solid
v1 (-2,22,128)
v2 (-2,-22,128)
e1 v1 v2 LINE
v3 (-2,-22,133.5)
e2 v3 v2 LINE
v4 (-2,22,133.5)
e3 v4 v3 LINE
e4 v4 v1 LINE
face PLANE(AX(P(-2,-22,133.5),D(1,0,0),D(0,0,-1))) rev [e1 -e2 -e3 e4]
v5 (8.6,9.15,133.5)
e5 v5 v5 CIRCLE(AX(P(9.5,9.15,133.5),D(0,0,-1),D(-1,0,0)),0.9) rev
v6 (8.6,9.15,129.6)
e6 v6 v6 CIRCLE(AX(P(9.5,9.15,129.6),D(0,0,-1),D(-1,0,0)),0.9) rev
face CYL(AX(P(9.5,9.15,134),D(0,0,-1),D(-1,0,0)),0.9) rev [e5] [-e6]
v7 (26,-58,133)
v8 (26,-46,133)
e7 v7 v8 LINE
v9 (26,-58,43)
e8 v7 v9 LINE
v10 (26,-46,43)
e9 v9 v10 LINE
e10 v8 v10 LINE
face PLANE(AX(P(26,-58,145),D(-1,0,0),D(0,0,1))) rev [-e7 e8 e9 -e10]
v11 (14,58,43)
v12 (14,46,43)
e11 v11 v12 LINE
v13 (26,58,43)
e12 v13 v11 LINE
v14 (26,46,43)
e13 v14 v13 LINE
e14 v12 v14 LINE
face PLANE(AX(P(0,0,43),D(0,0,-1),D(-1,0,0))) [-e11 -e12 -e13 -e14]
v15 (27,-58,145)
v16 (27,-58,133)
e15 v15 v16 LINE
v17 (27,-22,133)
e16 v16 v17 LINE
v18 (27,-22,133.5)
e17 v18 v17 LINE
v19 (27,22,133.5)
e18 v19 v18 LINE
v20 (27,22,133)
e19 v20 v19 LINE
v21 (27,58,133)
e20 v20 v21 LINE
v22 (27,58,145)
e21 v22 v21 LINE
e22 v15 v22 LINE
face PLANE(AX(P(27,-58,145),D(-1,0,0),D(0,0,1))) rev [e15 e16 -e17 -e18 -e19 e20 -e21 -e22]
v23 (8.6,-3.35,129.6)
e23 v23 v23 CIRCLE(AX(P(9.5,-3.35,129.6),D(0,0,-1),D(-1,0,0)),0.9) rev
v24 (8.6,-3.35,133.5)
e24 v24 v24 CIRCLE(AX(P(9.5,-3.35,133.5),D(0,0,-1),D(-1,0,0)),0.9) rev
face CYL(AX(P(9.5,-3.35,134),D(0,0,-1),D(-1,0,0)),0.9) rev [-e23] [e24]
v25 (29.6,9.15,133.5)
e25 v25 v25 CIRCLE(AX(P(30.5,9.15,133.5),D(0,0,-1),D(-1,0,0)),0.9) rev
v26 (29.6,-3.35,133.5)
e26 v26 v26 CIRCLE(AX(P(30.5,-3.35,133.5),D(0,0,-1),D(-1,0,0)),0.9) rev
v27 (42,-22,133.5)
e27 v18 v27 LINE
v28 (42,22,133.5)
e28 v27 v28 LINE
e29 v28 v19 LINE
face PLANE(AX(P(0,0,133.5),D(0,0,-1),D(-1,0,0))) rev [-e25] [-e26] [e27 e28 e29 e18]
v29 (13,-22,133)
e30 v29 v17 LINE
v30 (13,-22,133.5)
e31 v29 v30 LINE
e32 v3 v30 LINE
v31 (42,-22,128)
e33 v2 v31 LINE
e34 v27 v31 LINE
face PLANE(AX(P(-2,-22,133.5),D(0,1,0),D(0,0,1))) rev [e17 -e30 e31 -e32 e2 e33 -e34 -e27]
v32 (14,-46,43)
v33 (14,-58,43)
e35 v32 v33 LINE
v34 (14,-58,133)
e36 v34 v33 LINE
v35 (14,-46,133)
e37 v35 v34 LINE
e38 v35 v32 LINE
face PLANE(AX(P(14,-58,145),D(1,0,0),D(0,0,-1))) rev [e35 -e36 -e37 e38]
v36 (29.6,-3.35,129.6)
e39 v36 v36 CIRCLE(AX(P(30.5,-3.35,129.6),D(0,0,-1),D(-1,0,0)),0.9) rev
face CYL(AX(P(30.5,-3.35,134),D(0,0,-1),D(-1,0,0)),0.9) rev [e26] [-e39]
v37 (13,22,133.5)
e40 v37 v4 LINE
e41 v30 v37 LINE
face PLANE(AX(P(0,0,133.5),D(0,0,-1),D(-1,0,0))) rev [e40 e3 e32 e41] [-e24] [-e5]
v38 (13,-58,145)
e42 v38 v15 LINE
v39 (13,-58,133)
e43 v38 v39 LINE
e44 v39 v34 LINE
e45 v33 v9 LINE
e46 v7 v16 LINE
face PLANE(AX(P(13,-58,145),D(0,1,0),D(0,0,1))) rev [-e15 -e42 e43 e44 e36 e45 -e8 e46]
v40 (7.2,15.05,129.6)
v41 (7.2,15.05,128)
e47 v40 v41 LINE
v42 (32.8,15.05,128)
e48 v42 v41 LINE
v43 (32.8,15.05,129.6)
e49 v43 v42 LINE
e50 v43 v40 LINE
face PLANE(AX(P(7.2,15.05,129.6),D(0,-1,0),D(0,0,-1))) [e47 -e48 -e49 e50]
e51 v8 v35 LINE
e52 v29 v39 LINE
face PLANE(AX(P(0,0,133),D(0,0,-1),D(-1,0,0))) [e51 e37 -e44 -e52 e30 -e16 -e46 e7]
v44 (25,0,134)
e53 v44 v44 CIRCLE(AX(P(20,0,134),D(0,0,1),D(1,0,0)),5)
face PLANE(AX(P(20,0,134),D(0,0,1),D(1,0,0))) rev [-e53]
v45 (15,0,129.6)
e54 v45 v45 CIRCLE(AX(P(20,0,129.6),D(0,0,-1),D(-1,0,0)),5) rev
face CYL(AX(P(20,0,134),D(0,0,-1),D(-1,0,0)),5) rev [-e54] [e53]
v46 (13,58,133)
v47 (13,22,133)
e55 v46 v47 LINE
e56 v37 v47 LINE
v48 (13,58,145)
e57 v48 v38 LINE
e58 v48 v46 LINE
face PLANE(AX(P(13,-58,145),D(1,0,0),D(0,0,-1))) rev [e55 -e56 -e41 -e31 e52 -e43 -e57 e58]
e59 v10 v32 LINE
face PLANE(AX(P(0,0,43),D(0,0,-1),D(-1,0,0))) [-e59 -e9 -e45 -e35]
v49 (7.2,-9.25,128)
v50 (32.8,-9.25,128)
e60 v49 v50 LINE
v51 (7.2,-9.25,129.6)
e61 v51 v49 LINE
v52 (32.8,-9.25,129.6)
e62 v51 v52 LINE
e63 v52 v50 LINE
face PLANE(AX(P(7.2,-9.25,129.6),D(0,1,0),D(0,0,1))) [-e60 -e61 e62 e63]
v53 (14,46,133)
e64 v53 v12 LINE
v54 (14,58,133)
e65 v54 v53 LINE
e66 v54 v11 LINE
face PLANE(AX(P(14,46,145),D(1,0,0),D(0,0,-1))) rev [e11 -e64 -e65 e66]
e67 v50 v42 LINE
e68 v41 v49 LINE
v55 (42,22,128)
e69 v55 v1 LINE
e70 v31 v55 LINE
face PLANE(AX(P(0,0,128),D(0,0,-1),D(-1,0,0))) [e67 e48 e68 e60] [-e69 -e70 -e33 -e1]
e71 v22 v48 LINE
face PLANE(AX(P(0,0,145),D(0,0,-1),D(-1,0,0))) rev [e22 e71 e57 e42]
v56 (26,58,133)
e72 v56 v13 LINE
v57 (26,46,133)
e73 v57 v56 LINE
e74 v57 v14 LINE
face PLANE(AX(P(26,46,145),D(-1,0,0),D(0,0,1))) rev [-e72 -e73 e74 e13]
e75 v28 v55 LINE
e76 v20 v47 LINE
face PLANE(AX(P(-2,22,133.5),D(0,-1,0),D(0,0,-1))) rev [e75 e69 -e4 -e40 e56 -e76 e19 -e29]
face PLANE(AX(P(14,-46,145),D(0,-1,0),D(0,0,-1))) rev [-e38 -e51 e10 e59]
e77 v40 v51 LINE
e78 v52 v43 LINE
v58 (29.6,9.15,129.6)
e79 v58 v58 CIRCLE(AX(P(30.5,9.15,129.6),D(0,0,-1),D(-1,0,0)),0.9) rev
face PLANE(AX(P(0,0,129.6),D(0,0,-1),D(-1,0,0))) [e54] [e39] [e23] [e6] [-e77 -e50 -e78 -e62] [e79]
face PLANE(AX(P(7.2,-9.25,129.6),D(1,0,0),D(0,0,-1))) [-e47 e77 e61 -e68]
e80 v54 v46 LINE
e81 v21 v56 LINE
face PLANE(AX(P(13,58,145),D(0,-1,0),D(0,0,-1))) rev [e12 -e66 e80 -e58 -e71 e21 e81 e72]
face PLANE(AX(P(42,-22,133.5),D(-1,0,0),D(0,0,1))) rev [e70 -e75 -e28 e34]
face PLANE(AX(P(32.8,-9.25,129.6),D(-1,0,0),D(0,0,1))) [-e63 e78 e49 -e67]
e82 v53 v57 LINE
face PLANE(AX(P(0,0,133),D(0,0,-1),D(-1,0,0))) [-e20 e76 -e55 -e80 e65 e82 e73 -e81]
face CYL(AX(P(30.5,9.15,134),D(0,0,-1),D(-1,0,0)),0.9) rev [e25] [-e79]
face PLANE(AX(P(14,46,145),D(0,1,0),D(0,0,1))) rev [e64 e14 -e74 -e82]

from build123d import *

# Parameters (mm, degrees)
CROSSBAR_START      = 133
SKETCH_1_W          = 14
SKETCH_1_H          = 116
CROSSBAR_DEPTH      = 12
POST_START          = 43
SKETCH_2_W          = 12
SKETCH_2_H          = 12
POST_DEPTH          = 102
EXTRUDE_START       = 43
SKETCH_3_W          = 12
SKETCH_3_H          = 12
EXTRUDE_3_DEPTH     = 102
CAMERAPLATE_START   = 128
SKETCH_4_W          = 44
SKETCH_4_H          = 44
CAMERAPLATE_DEPTH   = 5.5
CAMERARECESS_START  = 128
SKETCH_5_W          = 25.6
SKETCH_5_H          = 24.3
CAMERARECESS_DEPTH  = 1.6
LENSWINDOW_START    = 127
SKETCH_6_R          = 5
LENSWINDOW_DEPTH    = 7
CAMSCREW_START      = 127
SKETCH_7_R          = 0.9
CAMSCREW_DEPTH      = 7
CUT_EXTRUDE_START   = 127
SKETCH_8_R          = 0.9
CUT_EXTRUDE_4_DEPTH = 7
SKETCH_9_R          = 0.9
CUT_EXTRUDE_5_DEPTH = 7
SKETCH_10_R         = 0.9
CUT_EXTRUDE_6_DEPTH = 7


with BuildPart() as part:
    # 草图1 → Crossbar (new body)
    with BuildSketch(Plane.XY.offset(CROSSBAR_START)):
        with Locations((20, 0)):
            Rectangle(SKETCH_1_W, SKETCH_1_H)
    extrude(amount=CROSSBAR_DEPTH)

    # 草图2 → Post (add)
    with BuildSketch(Plane.XY.offset(POST_START)):
        with Locations((20, -52)):
            Rectangle(SKETCH_2_W, SKETCH_2_H)
    extrude(amount=POST_DEPTH)

    # 草图3 → 凸台-拉伸3 (add)
    with BuildSketch(Plane.XY.offset(EXTRUDE_START)):
        with Locations((20, 52)):
            Rectangle(SKETCH_3_W, SKETCH_3_H)
    extrude(amount=EXTRUDE_3_DEPTH)

    # 草图4 → CameraPlate (add)
    with BuildSketch(Plane.XY.offset(CAMERAPLATE_START)):
        with Locations((20, 0)):
            Rectangle(SKETCH_4_W, SKETCH_4_H)
    extrude(amount=CAMERAPLATE_DEPTH)

    # 草图5 → CameraRecess (cut)
    with BuildSketch(Plane.XY.offset(CAMERARECESS_START)):
        with Locations((20, 2.9)):
            Rectangle(SKETCH_5_W, SKETCH_5_H)
    extrude(amount=CAMERARECESS_DEPTH, mode=Mode.SUBTRACT)

    # 草图6 → LensWindow (cut)
    with BuildSketch(Plane.XY.offset(LENSWINDOW_START)):
        with Locations(Location((20, 0, 0), (0, 0, 180))):
            Circle(SKETCH_6_R)
    extrude(amount=LENSWINDOW_DEPTH, mode=Mode.SUBTRACT)

    # 草图7 → CamScrew (cut)
    with BuildSketch(Plane.XY.offset(CAMSCREW_START)):
        with Locations(Location((9.5, -3.35, 0), (0, 0, 180))):
            Circle(SKETCH_7_R)
    extrude(amount=CAMSCREW_DEPTH, mode=Mode.SUBTRACT)

    # 草图8 → 切除-拉伸4 (cut)
    with BuildSketch(Plane.XY.offset(CUT_EXTRUDE_START)):
        with Locations(Location((9.5, 9.15, 0), (0, 0, 180))):
            Circle(SKETCH_8_R)
    extrude(amount=CUT_EXTRUDE_4_DEPTH, mode=Mode.SUBTRACT)

    # 草图9 → 切除-拉伸5 (cut)
    with BuildSketch(Plane.XY.offset(CUT_EXTRUDE_START)):
        with Locations(Location((30.5, -3.35, 0), (0, 0, 180))):
            Circle(SKETCH_9_R)
    extrude(amount=CUT_EXTRUDE_5_DEPTH, mode=Mode.SUBTRACT)

    # 草图10 → 切除-拉伸6 (cut)
    with BuildSketch(Plane.XY.offset(CUT_EXTRUDE_START)):
        with Locations(Location((30.5, 9.15, 0), (0, 0, 180))):
            Circle(SKETCH_10_R)
    extrude(amount=CUT_EXTRUDE_6_DEPTH, mode=Mode.SUBTRACT)


solid = part.part
